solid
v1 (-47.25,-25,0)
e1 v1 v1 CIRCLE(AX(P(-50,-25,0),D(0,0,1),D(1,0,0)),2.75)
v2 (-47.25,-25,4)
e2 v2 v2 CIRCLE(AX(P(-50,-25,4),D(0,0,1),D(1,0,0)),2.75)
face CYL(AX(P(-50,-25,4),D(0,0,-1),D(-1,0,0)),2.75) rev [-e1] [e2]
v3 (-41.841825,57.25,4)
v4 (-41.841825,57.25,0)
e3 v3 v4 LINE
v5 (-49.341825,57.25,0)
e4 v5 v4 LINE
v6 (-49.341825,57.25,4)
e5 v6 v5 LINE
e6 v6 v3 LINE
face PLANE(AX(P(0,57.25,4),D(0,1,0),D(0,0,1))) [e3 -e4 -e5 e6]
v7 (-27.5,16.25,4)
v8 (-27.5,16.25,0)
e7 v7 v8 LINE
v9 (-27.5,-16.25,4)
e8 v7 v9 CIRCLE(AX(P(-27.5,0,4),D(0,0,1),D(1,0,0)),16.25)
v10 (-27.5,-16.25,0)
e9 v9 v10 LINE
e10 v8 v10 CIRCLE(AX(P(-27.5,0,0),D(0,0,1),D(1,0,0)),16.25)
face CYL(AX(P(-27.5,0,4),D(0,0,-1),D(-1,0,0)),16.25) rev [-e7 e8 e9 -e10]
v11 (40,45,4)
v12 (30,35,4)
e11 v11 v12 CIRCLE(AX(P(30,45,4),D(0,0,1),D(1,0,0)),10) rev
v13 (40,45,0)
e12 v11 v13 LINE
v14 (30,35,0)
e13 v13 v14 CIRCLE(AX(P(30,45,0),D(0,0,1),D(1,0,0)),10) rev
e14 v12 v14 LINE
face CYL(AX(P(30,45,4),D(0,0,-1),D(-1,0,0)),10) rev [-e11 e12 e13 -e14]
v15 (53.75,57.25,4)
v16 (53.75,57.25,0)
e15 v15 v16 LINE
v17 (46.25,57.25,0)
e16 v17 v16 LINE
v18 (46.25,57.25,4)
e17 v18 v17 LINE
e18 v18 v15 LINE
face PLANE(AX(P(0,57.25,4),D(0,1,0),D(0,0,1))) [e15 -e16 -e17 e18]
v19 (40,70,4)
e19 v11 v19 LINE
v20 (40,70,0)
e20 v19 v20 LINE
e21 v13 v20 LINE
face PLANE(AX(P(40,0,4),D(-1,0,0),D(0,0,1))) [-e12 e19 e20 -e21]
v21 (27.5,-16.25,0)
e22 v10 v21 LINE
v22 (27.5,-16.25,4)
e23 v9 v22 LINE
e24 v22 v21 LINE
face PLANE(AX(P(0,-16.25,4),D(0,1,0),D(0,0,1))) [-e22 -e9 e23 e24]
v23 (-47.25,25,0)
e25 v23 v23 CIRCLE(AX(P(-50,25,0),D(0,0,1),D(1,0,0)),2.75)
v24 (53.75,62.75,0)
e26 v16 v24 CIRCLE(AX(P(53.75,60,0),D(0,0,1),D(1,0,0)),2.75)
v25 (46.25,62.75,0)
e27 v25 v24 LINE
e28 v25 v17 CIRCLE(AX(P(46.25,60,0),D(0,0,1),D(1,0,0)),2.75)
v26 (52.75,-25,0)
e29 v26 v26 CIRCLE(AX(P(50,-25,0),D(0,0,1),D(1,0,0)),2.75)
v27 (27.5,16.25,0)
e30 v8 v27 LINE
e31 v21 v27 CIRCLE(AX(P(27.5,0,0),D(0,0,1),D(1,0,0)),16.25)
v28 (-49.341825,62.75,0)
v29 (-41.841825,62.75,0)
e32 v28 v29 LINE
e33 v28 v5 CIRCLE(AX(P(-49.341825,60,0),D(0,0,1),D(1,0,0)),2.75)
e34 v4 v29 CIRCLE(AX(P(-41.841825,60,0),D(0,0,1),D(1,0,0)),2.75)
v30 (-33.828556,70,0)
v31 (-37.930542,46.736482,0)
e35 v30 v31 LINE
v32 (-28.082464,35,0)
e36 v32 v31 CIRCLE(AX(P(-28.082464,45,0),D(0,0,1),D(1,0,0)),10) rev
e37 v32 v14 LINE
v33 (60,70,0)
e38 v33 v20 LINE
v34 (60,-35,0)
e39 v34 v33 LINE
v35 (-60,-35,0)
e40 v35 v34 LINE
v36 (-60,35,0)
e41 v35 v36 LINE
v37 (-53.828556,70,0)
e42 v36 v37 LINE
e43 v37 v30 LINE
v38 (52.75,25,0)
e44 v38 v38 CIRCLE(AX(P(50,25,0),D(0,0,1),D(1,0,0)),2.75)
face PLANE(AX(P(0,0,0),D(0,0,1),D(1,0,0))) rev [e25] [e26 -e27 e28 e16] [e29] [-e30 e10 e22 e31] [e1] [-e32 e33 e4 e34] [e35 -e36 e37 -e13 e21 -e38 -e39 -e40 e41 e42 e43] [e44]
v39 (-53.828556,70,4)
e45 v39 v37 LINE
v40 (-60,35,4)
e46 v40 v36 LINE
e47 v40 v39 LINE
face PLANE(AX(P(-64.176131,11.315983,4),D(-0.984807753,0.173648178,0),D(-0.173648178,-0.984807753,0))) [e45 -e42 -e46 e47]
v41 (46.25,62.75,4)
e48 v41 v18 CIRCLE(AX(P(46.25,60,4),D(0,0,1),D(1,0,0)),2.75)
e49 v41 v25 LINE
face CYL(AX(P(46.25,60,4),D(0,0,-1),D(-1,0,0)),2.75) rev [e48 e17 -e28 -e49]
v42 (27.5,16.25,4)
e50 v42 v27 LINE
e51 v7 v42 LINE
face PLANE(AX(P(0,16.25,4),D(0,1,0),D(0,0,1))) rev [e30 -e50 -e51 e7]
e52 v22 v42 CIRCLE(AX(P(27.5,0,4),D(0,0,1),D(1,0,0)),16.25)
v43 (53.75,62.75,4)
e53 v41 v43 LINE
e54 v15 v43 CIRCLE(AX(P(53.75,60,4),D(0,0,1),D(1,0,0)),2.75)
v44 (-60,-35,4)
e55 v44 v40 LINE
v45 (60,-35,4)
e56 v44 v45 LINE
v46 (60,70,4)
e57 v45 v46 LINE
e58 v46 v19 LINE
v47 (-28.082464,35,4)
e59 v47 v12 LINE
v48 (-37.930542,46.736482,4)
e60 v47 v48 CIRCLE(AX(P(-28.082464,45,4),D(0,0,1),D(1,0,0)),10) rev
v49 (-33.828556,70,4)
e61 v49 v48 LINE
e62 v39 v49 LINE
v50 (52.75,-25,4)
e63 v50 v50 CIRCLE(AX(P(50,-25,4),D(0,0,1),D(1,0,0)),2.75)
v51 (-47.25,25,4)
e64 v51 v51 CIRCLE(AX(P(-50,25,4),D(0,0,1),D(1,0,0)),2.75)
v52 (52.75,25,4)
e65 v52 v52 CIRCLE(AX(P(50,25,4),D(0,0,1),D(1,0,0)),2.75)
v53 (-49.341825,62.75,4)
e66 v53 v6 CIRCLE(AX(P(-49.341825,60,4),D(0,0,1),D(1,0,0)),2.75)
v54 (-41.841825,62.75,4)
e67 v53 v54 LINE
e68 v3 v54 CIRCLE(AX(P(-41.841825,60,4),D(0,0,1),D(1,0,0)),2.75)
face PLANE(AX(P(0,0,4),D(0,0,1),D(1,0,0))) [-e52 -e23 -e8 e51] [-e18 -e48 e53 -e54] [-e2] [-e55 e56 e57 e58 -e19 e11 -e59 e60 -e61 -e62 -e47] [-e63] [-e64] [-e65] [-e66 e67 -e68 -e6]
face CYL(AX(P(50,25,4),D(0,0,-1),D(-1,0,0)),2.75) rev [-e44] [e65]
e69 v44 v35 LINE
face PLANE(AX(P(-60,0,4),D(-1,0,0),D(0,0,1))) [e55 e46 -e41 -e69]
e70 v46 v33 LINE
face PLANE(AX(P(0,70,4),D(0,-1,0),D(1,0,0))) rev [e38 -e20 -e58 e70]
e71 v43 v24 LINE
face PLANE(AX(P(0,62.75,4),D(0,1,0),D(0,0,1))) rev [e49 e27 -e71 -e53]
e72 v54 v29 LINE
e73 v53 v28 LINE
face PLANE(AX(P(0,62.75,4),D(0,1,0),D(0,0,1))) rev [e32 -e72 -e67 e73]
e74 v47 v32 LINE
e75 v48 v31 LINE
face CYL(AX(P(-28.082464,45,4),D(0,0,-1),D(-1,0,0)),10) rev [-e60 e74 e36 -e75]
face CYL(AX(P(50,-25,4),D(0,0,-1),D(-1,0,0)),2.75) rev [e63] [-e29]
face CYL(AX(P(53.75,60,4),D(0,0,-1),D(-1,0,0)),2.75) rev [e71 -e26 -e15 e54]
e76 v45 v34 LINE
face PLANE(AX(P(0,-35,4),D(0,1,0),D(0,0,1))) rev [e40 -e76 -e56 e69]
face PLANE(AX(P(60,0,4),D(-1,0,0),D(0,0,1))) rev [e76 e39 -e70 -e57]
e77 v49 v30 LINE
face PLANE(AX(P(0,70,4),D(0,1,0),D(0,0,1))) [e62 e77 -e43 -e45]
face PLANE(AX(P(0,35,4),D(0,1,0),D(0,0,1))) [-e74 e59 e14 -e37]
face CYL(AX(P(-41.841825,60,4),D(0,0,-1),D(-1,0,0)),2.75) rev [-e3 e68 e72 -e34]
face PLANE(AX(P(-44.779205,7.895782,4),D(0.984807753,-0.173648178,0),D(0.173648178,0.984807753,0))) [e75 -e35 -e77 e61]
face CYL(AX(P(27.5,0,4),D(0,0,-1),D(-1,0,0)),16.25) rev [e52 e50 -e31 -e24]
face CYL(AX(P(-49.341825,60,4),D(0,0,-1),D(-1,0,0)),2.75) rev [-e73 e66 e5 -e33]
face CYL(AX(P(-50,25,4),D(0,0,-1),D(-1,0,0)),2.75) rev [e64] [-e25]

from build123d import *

# Parameters (mm, degrees)
SKETCH1_R           = 2.75
BOSS_EXTRUDE1_DEPTH = 4


with BuildPart() as part:
    # Sketch1 → Boss-Extrude1 (new body)
    with BuildSketch(Plane.XY):
        with BuildLine():
            Line((-60, 35), (-53.828555675, 70))
            Line((-53.828555675, 70), (-33.828555675, 70))
            Line((-33.828555675, 70), (-37.930541604, 46.736481777))
            ThreePointArc((-37.930541604, 46.736481777), (-35.742908505, 38.572123903), (-28.082464074, 35))
            Line((-28.082464074, 35), (30, 35))
            ThreePointArc((30, 35), (37.071067812, 37.928932188), (40, 45))
            Line((40, 45), (40, 70))
            Line((40, 70), (60, 70))
            Line((60, 70), (60, 35))
            Line((60, 35), (60, -35))
            Line((60, -35), (-60, -35))
            Line((-60, -35), (-60, 35))
        make_face()
        with Locations((-50, 25)):
            Circle(SKETCH1_R, mode=Mode.SUBTRACT)
        with Locations((-50, -25)):
            Circle(SKETCH1_R, mode=Mode.SUBTRACT)
        with Locations((50, 25)):
            Circle(SKETCH1_R, mode=Mode.SUBTRACT)
        with Locations((50, -25)):
            Circle(SKETCH1_R, mode=Mode.SUBTRACT)
        with BuildLine():
            Line((-49.341825482, 57.25), (-41.841825482, 57.25))
            ThreePointArc((-41.841825482, 57.25), (-39.091825482, 60), (-41.841825482, 62.75))
            Line((-41.841825482, 62.75), (-49.341825482, 62.75))
            ThreePointArc((-49.341825482, 62.75), (-52.091825482, 60), (-49.341825482, 57.25))
        make_face(mode=Mode.SUBTRACT)
        with BuildLine():
            Line((-27.5, -16.25), (27.5, -16.25))
            ThreePointArc((27.5, -16.25), (43.75, 0), (27.5, 16.25))
            Line((27.5, 16.25), (-27.5, 16.25))
            ThreePointArc((-27.5, 16.25), (-43.75, 0), (-27.5, -16.25))
        make_face(mode=Mode.SUBTRACT)
        with BuildLine():
            Line((46.25, 57.25), (53.75, 57.25))
            ThreePointArc((53.75, 57.25), (56.5, 60), (53.75, 62.75))
            Line((53.75, 62.75), (46.25, 62.75))
            ThreePointArc((46.25, 62.75), (43.5, 60), (46.25, 57.25))
        make_face(mode=Mode.SUBTRACT)
    extrude(amount=BOSS_EXTRUDE1_DEPTH)


solid = part.part
